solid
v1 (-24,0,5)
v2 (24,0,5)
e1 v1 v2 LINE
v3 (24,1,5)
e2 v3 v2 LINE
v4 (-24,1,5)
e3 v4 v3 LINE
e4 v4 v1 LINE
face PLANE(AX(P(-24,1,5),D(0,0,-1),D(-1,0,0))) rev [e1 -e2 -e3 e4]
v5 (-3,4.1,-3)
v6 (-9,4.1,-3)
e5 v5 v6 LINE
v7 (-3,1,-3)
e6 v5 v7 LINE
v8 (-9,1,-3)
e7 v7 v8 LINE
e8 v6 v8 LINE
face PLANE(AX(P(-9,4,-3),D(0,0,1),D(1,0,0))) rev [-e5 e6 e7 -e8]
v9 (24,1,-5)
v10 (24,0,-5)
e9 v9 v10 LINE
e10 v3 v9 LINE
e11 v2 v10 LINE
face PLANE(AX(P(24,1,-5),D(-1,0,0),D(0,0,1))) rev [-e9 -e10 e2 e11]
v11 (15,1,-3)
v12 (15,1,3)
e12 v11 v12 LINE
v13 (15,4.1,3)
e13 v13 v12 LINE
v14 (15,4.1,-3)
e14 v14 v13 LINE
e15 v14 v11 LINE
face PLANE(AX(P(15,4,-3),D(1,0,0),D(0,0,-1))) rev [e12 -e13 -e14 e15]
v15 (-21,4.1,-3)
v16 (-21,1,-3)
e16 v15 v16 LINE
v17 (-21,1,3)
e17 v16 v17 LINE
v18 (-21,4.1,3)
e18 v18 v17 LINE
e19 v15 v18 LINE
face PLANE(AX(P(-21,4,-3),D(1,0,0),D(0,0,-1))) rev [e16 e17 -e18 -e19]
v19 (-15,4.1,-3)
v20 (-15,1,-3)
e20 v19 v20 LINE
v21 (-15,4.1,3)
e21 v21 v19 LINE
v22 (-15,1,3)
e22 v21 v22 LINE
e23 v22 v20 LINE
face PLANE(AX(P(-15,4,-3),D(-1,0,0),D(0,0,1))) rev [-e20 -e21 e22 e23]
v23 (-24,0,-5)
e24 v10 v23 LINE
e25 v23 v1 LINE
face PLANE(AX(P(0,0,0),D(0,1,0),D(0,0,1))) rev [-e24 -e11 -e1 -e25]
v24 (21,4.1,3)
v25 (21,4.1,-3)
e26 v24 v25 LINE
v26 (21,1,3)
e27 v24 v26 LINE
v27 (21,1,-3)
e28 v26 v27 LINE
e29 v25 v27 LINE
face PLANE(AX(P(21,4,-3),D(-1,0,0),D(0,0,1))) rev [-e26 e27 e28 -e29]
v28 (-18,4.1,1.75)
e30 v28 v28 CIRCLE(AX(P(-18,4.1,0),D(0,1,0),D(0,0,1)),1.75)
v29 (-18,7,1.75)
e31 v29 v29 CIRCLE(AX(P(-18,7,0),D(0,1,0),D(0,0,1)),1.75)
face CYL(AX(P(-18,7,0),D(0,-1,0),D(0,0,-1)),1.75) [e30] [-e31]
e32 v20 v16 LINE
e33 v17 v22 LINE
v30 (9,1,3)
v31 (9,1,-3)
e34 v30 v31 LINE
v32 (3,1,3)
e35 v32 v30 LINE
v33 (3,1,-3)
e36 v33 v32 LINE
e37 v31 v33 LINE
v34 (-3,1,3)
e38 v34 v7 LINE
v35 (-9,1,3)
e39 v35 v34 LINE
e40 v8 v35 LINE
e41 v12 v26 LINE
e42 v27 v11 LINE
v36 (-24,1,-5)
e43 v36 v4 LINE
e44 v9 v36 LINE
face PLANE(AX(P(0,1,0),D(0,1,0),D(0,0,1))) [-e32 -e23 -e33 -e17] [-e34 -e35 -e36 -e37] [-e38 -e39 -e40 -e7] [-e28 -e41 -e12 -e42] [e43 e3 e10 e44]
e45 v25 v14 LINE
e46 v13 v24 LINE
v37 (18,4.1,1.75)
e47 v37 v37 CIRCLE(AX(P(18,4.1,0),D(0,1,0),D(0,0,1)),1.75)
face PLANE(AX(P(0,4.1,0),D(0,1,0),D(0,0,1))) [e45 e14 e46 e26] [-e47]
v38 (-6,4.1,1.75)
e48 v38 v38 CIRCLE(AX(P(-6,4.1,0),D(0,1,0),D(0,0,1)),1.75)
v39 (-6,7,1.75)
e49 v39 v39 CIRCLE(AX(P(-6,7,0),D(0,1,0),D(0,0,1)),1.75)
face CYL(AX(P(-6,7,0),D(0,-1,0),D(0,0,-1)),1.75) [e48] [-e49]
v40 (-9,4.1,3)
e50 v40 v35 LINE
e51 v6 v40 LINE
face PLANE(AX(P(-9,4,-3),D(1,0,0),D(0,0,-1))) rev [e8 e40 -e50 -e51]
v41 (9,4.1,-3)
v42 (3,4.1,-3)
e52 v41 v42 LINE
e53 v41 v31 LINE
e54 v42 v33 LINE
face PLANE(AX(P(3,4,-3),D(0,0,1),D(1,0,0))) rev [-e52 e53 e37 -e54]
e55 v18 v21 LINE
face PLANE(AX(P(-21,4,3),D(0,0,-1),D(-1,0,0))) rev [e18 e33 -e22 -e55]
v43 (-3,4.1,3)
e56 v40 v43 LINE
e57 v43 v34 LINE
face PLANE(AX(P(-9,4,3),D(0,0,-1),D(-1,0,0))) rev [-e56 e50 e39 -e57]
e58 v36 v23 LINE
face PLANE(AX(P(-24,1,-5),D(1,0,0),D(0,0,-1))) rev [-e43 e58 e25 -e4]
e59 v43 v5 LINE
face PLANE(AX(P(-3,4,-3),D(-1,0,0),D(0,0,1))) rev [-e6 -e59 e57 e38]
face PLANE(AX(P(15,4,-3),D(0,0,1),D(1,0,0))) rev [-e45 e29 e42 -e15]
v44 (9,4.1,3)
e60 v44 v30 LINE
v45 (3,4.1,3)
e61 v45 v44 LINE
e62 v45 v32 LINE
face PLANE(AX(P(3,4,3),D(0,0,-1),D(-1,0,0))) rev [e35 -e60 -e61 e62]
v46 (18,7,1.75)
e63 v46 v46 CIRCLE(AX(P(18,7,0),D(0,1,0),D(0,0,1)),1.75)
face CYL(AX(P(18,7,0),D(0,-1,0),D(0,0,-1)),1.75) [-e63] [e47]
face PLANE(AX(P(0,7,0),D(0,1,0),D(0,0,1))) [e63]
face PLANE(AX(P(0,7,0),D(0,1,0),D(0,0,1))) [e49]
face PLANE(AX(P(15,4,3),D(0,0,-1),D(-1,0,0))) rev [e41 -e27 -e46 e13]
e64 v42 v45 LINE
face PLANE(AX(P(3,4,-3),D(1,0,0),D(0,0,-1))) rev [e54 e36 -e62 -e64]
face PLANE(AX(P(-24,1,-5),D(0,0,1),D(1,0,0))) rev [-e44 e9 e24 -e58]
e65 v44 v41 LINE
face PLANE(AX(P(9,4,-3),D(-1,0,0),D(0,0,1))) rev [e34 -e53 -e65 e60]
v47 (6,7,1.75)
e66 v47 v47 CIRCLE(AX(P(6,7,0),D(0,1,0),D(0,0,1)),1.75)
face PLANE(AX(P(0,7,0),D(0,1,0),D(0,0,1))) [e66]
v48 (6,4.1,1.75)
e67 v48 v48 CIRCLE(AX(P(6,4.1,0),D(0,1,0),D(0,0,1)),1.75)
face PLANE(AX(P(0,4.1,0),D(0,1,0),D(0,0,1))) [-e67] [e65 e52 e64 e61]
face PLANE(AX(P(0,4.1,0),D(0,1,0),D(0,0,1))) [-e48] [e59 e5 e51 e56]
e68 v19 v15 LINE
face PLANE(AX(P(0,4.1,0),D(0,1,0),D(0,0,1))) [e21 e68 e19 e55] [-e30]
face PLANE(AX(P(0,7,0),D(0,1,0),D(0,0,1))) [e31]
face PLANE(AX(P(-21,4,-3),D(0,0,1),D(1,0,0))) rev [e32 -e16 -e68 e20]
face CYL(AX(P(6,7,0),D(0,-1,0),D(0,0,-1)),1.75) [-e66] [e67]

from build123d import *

# Parameters (mm, degrees)
SKETCH1_W           = 48
SKETCH1_H           = 10
BOSS_EXTRUDE1_DEPTH = 1
SKETCH2_W           = 6
SKETCH2_H           = 6
BOSS_EXTRUDE2_DEPTH = 3
SKETCH2_2_W         = 6
SKETCH2_2_H         = 6
BOSS_EXTRUDE3_DEPTH = 3.1
SKETCH4_R           = 1.75
BOSS_EXTRUDE4_DEPTH = 2.9


with BuildPart() as part:
    # Sketch1 → Boss-Extrude1 (new body)
    with BuildSketch(Plane(origin=(0, 0, 0), x_dir=(1, 0, 0), z_dir=(0, 1, 0))):
        Rectangle(SKETCH1_W, SKETCH1_H)
    extrude(amount=BOSS_EXTRUDE1_DEPTH)

    # Sketch2 → Boss-Extrude2 (add)
    with BuildSketch(Plane(origin=(0, 1, 0), x_dir=(1, 0, 0), z_dir=(0, 1, 0))):
        with Locations((-6, 0)):
            Rectangle(SKETCH2_W, SKETCH2_H)
        with Locations((-18, 0)):
            Rectangle(SKETCH2_W, SKETCH2_H)
        with Locations((6, 0)):
            Rectangle(SKETCH2_W, SKETCH2_H)
        with Locations((18, 0)):
            Rectangle(SKETCH2_W, SKETCH2_H)
    extrude(amount=BOSS_EXTRUDE2_DEPTH)

    # Sketch2<2> → Boss-Extrude3 (add)
    with BuildSketch(Plane(origin=(0, 1, 0), x_dir=(1, 0, 0), z_dir=(0, 1, 0))):
        with Locations((-6, 0)):
            Rectangle(SKETCH2_2_W, SKETCH2_2_H)
        with Locations((-18, 0)):
            Rectangle(SKETCH2_2_W, SKETCH2_2_H)
        with Locations((6, 0)):
            Rectangle(SKETCH2_2_W, SKETCH2_2_H)
        with Locations((18, 0)):
            Rectangle(SKETCH2_2_W, SKETCH2_2_H)
    extrude(amount=BOSS_EXTRUDE3_DEPTH)

    # Sketch4 → Boss-Extrude4 (add)
    with BuildSketch(Plane(origin=(0, 4.1, 0), x_dir=(1, 0, 0), z_dir=(0, 1, 0))):
        with Locations((-18, 0)):
            Circle(SKETCH4_R)
        with Locations((-6, 0)):
            Circle(SKETCH4_R)
        with Locations((6, 0)):
            Circle(SKETCH4_R)
        with Locations((18, 0)):
            Circle(SKETCH4_R)
    extrude(amount=BOSS_EXTRUDE4_DEPTH)


solid = part.part
